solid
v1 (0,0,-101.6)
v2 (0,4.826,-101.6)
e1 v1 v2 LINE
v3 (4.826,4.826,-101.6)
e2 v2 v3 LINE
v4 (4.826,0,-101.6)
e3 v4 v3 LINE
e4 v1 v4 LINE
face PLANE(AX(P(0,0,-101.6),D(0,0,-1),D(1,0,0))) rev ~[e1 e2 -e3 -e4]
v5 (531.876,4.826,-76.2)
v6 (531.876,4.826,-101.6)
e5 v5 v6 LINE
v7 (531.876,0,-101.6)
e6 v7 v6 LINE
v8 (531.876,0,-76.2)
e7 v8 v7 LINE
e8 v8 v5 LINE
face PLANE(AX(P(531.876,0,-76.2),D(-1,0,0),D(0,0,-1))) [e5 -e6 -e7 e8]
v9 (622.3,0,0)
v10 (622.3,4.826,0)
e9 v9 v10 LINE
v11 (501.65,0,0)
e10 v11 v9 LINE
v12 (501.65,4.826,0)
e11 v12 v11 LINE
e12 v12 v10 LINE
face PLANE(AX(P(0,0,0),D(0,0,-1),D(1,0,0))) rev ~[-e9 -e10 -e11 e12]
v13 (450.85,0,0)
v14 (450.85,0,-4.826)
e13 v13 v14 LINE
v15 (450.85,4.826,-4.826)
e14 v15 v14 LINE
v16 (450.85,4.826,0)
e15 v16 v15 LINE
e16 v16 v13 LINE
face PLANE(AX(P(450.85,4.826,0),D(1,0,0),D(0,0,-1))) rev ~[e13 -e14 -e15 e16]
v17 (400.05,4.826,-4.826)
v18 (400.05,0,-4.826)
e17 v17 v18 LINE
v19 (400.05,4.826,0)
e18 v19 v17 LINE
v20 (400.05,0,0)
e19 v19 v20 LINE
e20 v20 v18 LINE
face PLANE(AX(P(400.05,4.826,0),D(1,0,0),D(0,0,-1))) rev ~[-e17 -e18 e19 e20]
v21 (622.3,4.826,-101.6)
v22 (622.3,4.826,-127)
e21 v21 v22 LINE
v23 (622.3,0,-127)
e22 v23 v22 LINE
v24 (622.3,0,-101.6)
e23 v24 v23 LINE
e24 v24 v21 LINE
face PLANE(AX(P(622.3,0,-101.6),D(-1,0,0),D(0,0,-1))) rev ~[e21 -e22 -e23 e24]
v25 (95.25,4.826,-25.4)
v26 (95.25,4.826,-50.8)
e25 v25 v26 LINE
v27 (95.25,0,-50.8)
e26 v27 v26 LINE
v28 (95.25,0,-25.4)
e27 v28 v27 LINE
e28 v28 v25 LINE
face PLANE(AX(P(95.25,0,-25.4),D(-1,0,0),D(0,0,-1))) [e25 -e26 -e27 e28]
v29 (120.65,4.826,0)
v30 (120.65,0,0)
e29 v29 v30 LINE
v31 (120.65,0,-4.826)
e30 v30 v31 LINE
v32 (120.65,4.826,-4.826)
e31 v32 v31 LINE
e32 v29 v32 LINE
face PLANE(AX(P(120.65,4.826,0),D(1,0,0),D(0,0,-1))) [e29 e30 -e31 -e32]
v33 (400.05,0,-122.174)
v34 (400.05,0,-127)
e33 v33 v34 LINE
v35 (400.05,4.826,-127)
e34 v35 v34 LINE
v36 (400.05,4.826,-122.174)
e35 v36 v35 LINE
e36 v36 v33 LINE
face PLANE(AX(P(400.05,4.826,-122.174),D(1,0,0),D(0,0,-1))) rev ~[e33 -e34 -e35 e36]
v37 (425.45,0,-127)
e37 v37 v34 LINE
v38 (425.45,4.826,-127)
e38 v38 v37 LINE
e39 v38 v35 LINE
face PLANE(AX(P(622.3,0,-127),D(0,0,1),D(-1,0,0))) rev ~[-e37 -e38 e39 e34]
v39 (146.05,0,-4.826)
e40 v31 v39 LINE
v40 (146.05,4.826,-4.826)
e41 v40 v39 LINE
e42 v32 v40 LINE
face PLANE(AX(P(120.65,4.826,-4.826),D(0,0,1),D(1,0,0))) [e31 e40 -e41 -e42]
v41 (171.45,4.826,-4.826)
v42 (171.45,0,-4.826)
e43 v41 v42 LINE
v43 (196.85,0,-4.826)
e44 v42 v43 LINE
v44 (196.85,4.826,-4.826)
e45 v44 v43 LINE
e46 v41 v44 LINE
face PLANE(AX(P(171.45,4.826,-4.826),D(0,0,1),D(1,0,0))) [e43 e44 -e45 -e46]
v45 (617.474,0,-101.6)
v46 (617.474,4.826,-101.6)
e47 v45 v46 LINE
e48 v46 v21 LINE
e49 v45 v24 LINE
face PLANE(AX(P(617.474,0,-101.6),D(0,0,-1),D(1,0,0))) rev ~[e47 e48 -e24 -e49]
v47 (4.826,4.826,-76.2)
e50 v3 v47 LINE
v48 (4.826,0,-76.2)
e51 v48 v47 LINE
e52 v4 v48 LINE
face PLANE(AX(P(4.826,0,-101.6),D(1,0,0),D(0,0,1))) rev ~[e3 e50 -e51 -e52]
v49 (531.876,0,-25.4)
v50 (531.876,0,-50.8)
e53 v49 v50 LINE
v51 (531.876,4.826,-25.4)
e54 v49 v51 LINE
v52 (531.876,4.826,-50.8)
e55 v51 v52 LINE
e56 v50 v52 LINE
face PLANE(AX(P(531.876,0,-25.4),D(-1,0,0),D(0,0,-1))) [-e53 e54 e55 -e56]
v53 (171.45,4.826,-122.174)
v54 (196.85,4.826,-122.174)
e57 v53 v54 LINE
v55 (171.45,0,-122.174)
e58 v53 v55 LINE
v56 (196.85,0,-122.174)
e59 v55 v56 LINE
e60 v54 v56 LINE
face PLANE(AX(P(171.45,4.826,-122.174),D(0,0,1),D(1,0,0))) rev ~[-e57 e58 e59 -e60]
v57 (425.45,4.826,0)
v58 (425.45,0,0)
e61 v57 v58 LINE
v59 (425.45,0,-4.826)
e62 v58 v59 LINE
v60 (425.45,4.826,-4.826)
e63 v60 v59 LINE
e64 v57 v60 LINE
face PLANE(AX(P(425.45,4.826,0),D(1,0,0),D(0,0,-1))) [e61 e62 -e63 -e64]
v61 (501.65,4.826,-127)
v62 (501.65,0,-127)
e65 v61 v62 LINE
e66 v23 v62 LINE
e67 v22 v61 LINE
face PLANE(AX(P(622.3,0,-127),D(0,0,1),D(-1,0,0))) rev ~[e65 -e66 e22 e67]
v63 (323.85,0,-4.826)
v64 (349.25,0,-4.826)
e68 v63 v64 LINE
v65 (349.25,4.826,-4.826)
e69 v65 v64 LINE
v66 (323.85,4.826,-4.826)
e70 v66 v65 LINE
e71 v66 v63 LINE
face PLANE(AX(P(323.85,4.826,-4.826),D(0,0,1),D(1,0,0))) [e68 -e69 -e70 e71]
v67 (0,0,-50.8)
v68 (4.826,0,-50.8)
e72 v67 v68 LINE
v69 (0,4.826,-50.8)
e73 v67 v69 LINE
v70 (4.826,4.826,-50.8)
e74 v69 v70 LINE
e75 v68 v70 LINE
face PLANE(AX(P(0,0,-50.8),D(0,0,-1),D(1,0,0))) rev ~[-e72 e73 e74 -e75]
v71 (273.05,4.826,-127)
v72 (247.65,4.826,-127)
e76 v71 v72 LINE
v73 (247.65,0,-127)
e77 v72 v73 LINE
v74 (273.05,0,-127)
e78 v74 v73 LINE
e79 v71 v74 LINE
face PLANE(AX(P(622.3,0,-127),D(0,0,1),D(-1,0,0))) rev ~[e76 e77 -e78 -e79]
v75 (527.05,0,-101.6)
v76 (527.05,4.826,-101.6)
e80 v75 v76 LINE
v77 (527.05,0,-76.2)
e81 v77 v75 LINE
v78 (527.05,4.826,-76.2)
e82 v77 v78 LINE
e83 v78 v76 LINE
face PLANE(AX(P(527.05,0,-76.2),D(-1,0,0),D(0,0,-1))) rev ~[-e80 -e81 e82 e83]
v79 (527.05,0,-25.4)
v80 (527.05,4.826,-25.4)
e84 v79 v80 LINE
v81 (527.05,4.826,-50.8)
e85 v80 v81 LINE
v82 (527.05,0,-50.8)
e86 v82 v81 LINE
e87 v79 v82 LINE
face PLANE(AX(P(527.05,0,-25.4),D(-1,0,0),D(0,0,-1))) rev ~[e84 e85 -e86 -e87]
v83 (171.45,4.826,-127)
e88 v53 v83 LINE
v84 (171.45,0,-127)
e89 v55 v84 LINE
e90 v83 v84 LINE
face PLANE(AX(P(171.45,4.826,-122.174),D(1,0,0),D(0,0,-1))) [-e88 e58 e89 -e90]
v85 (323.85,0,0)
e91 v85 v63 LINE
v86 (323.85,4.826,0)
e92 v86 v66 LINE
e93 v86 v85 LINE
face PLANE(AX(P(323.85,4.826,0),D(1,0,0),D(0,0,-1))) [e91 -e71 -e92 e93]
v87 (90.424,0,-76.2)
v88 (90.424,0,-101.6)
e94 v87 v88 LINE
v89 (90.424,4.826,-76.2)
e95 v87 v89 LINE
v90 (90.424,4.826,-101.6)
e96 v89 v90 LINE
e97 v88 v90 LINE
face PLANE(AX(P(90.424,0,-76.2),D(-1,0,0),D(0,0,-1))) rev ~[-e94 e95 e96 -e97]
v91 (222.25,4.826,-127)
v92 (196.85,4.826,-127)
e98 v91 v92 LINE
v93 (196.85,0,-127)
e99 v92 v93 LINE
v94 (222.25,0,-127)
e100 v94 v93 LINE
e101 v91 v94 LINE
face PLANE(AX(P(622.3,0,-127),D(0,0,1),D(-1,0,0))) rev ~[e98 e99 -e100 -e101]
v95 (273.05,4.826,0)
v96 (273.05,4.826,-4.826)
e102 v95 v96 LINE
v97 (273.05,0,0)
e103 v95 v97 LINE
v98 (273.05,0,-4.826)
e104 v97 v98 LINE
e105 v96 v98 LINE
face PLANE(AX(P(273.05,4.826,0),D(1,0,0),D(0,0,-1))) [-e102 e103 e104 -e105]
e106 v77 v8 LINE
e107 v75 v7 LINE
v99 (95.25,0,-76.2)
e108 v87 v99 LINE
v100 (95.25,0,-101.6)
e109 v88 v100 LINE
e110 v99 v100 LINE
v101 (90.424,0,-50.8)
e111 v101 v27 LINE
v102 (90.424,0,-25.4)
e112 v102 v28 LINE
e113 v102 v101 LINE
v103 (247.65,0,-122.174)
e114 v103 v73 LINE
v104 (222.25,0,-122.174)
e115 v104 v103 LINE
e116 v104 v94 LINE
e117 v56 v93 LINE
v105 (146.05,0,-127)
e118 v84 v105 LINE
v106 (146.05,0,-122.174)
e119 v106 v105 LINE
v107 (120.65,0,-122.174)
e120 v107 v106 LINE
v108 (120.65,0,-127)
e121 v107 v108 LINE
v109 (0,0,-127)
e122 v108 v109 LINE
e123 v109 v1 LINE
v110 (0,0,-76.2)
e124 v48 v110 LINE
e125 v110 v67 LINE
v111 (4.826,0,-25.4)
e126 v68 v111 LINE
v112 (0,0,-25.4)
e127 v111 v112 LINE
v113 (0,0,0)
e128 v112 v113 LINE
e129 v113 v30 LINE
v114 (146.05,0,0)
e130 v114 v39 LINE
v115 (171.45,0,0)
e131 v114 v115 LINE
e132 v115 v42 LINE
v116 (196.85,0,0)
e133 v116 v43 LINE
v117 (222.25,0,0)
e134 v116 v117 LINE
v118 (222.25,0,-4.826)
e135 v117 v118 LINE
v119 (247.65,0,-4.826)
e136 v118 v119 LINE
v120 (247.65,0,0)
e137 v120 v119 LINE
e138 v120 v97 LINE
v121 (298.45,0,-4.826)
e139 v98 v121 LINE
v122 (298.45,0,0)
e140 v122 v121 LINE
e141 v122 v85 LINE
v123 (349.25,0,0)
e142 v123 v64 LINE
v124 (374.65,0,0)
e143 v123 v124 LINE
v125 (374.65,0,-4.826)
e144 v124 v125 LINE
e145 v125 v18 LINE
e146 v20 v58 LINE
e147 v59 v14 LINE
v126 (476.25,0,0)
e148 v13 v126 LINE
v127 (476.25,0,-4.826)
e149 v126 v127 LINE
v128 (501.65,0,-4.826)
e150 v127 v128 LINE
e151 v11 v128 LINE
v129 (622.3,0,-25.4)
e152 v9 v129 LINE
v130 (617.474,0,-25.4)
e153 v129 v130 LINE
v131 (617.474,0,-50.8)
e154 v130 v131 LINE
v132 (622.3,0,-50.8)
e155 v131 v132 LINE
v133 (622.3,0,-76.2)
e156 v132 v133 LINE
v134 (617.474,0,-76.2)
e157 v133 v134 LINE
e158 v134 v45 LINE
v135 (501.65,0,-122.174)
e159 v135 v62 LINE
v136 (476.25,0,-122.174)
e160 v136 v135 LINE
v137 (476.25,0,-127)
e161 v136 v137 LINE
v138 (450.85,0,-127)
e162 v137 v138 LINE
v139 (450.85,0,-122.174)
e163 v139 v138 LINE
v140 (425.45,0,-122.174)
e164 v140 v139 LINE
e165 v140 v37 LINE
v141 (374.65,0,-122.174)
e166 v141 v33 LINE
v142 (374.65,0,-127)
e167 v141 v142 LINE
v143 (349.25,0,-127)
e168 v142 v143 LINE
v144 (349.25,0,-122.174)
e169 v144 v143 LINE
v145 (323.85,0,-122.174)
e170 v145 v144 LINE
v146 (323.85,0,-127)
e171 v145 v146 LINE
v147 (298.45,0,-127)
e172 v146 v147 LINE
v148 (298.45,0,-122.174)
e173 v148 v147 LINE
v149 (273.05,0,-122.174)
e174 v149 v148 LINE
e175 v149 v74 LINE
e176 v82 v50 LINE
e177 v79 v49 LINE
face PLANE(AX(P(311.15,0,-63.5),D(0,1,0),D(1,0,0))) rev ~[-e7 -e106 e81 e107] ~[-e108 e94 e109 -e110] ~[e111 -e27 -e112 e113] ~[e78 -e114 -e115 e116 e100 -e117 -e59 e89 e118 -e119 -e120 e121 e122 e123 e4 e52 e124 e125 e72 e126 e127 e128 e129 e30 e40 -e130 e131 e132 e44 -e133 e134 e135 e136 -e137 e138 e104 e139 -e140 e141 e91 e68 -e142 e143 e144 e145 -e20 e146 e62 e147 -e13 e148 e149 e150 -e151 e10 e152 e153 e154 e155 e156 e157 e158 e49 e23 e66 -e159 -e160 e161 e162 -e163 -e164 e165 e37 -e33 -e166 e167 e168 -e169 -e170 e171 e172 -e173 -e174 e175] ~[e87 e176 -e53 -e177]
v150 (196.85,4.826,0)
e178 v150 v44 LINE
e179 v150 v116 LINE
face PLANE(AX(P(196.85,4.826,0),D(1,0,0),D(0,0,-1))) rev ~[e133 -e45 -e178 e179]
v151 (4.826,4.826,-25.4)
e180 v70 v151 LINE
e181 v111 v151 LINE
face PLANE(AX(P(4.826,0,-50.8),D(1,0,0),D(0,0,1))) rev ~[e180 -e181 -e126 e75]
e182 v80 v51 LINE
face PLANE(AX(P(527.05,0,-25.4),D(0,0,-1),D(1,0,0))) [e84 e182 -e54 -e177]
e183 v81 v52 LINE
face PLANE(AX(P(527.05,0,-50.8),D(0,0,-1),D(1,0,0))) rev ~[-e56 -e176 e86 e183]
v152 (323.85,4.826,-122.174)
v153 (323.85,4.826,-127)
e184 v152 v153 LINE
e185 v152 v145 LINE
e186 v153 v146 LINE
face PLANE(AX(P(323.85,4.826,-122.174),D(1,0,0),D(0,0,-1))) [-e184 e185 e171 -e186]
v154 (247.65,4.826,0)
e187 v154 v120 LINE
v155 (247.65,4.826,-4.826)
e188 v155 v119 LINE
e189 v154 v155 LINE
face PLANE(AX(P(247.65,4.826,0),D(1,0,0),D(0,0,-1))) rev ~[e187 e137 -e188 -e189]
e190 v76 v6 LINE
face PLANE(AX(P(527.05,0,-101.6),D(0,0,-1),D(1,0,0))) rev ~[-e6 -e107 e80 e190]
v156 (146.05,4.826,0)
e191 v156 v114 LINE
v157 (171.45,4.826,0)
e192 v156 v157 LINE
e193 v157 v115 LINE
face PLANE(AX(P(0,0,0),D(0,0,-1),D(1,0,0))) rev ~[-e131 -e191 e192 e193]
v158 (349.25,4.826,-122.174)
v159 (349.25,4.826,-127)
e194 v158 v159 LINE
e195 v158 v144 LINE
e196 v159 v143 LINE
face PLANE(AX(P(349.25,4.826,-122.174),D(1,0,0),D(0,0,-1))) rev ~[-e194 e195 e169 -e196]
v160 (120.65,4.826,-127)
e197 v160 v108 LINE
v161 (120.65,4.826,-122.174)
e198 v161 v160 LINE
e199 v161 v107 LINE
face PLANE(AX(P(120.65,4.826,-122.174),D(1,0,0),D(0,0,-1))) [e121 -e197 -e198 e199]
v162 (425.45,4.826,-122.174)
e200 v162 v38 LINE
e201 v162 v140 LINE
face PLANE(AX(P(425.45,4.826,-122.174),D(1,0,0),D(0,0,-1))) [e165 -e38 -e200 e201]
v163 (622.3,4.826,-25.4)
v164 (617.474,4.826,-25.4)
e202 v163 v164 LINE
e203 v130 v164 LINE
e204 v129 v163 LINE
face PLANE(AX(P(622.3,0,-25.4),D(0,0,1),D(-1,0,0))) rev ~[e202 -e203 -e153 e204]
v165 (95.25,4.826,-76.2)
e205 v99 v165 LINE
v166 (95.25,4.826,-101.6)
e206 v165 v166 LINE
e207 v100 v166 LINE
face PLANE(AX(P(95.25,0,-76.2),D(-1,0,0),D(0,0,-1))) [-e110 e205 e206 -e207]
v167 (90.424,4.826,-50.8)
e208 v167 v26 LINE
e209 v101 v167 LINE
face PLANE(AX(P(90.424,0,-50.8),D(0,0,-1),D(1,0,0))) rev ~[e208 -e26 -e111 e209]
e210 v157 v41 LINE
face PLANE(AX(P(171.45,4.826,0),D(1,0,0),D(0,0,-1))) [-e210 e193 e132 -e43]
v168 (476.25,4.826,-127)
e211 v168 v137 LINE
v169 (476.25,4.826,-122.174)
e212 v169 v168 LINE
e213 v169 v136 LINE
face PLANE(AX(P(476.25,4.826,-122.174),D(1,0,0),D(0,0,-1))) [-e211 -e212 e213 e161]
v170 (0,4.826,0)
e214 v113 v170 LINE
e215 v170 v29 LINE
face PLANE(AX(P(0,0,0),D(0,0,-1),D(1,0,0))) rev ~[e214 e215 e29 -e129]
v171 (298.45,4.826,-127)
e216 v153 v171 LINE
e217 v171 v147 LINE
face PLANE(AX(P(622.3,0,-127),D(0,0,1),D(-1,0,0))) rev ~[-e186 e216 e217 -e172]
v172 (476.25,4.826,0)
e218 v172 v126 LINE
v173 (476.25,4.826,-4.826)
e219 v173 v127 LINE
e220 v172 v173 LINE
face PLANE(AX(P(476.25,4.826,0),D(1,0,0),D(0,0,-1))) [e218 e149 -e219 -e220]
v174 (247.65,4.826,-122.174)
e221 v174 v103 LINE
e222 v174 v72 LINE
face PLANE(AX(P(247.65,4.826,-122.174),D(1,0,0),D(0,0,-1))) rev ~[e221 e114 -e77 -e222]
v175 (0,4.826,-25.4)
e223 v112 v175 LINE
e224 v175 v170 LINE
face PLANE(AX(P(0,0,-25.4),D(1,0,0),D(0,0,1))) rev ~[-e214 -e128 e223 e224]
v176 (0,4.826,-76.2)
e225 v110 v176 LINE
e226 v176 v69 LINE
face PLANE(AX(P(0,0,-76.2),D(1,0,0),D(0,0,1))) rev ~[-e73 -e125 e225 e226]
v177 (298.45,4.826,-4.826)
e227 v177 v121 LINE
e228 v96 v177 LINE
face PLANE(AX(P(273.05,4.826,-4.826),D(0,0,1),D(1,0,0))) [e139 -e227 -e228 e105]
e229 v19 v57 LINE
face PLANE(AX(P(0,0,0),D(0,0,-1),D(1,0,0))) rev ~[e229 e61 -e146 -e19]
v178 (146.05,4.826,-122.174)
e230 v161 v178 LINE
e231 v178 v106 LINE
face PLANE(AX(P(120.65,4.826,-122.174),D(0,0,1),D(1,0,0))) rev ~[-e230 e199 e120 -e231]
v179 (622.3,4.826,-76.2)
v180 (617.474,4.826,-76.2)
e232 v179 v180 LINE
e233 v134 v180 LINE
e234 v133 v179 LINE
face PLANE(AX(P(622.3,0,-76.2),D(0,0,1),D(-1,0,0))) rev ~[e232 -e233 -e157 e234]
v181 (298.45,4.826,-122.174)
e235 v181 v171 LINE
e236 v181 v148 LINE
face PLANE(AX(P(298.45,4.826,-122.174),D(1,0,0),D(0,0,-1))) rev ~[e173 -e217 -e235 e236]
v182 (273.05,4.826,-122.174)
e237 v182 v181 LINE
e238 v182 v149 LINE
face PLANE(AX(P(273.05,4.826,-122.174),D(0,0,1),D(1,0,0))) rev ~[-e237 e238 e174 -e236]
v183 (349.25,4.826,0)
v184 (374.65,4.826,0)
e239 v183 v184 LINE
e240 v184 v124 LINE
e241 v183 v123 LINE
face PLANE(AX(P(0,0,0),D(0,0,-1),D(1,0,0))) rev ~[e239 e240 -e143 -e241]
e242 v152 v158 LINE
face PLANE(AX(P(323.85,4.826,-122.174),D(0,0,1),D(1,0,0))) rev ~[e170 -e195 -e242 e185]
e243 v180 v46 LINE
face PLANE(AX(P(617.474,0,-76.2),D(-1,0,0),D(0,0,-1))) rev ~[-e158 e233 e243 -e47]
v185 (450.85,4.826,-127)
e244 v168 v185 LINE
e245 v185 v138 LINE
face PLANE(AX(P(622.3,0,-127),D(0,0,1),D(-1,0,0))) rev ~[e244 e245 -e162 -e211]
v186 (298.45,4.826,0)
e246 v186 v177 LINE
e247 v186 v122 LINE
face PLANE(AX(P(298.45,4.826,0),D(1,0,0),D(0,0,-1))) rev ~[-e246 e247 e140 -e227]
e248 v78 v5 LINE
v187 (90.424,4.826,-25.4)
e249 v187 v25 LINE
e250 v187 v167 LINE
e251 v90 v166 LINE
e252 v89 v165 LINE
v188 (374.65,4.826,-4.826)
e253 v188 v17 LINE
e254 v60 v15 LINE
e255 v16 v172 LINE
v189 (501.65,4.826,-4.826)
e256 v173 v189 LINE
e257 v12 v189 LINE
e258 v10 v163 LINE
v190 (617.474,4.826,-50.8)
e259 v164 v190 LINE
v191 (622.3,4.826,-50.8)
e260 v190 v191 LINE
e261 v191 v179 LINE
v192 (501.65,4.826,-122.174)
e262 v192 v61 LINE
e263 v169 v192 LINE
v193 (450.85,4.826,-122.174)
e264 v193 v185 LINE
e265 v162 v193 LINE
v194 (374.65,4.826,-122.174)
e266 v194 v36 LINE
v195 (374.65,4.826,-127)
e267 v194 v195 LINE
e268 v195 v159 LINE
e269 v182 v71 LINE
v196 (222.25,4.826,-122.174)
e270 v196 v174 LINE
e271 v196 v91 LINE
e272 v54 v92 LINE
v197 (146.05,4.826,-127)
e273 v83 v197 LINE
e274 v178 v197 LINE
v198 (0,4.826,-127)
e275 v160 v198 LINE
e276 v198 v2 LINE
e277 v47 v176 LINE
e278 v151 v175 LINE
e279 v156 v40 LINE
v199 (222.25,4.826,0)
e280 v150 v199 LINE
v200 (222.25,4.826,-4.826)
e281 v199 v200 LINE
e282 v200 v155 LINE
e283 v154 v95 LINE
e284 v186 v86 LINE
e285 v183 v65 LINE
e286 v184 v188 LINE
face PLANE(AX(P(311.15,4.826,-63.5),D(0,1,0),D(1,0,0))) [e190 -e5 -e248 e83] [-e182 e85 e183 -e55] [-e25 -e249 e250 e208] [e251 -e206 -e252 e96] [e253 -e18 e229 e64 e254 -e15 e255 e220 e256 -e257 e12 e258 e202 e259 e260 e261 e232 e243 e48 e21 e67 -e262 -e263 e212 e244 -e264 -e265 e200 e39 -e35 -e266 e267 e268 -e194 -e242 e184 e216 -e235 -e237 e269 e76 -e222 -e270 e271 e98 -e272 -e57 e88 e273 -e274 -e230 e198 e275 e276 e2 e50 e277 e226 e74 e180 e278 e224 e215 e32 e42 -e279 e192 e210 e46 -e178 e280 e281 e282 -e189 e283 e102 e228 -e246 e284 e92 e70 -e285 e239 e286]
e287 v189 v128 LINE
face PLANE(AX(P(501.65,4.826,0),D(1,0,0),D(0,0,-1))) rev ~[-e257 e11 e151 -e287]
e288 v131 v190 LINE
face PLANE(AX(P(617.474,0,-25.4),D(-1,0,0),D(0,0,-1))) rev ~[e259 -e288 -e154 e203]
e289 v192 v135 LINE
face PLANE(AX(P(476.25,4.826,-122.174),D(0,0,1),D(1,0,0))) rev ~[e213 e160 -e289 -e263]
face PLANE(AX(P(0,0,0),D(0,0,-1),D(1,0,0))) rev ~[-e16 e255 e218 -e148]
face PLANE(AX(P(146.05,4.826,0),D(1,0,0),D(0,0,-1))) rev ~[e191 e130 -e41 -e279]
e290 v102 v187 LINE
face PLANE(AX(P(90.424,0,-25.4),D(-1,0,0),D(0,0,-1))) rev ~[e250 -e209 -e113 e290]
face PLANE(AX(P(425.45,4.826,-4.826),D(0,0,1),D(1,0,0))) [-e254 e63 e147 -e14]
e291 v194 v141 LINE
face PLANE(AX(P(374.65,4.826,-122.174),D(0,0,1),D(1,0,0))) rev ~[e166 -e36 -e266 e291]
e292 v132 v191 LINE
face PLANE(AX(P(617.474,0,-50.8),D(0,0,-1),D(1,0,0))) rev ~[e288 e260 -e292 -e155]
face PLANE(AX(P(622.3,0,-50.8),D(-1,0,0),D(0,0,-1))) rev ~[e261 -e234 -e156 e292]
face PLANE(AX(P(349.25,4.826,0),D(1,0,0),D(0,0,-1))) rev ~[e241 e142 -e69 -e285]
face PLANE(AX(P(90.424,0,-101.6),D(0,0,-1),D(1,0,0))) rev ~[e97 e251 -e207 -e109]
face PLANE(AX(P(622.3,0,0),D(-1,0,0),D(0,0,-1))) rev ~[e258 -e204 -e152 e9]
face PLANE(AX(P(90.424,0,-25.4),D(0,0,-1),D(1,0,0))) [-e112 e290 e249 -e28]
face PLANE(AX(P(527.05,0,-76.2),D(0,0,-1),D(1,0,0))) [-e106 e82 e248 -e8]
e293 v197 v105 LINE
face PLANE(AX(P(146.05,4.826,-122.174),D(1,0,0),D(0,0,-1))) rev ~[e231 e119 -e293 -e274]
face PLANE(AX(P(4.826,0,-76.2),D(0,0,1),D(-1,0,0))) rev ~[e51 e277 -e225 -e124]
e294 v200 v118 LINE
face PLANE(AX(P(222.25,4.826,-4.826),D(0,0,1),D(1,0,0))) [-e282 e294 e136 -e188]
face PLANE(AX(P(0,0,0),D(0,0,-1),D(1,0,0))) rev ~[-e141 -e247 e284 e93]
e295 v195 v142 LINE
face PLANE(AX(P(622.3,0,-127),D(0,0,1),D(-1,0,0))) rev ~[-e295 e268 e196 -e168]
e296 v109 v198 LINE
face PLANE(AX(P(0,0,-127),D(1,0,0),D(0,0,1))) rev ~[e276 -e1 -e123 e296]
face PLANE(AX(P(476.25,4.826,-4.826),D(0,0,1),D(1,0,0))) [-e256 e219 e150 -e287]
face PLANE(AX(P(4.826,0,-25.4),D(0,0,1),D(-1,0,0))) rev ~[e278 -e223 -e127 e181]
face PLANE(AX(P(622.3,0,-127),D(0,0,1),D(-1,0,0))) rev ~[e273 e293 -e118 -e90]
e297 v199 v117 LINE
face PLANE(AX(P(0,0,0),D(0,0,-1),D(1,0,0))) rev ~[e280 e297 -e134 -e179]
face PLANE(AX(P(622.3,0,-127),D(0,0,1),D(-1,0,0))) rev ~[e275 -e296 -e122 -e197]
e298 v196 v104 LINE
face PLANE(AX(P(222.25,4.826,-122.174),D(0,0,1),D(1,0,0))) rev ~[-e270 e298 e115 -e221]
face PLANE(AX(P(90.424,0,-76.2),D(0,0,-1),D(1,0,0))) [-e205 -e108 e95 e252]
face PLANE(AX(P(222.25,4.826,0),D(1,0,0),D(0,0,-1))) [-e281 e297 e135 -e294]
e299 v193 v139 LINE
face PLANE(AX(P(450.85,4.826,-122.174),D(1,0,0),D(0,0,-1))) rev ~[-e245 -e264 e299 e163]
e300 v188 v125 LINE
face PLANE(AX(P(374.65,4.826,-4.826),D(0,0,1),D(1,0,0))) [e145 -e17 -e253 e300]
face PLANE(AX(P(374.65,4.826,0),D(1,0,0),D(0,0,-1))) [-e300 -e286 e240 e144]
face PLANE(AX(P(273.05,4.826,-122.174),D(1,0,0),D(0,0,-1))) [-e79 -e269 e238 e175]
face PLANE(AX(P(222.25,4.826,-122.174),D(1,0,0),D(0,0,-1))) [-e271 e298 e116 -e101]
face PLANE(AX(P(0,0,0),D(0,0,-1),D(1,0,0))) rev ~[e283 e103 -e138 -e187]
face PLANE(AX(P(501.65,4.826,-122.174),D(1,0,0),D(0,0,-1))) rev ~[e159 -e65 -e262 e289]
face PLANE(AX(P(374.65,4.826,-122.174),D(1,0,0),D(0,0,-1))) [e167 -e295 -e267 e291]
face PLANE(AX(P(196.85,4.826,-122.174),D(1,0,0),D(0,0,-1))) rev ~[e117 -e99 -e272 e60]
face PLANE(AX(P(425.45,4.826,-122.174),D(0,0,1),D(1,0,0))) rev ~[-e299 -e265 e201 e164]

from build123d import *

# Parameters (mm, degrees)
SKETCH1_W           = 4.826
SKETCH1_H           = 25.4
BOSS_EXTRUDE1_DEPTH = 4.826
SKETCH2_W           = 25.4
SKETCH2_H           = 4.826
CUT_EXTRUDE1_DEPTH  = 5.826


with BuildPart() as part:
    # Sketch1 → Boss-Extrude1 (new body)
    with BuildSketch(Plane(origin=(0, 0, 0), x_dir=(1, 0, 0), z_dir=(0, 1, 0))):
        Polygon((0, 25.4), (0, 0), (622.3, 0), (622.3, 25.4), (617.474, 25.4), (617.474, 50.8), (622.3, 50.8), (622.3, 76.2), (617.474, 76.2), (617.474, 101.6), (622.3, 101.6), (622.3, 127), (0, 127), (0, 101.6), (4.826, 101.6), (4.826, 76.2), (0, 76.2), (0, 50.8), (4.826, 50.8), (4.826, 25.4), align=None)
        with Locations((92.837, 38.1)):
            Rectangle(SKETCH1_W, SKETCH1_H, mode=Mode.SUBTRACT)
        with Locations((529.463, 38.1)):
            Rectangle(SKETCH1_W, SKETCH1_H, mode=Mode.SUBTRACT)
        with Locations((92.837, 88.9)):
            Rectangle(SKETCH1_W, SKETCH1_H, mode=Mode.SUBTRACT)
        with Locations((529.463, 88.9)):
            Rectangle(SKETCH1_W, SKETCH1_H, mode=Mode.SUBTRACT)
    extrude(amount=BOSS_EXTRUDE1_DEPTH)

    # Sketch2 → Cut-Extrude1 (cut, through all)
    with BuildSketch(Plane(origin=(0, 4.826, 0), x_dir=(1, 0, 0), z_dir=(0, 1, 0))):
        with Locations((133.35, 124.587)):
            Rectangle(SKETCH2_W, SKETCH2_H)
        with Locations((184.15, 124.587)):
            Rectangle(SKETCH2_W, SKETCH2_H)
        with Locations((234.95, 124.587)):
            Rectangle(SKETCH2_W, SKETCH2_H)
        with Locations((285.75, 124.587)):
            Rectangle(SKETCH2_W, SKETCH2_H)
        with Locations((336.55, 124.587)):
            Rectangle(SKETCH2_W, SKETCH2_H)
        with Locations((387.35, 124.587)):
            Rectangle(SKETCH2_W, SKETCH2_H)
        with Locations((438.15, 124.587)):
            Rectangle(SKETCH2_W, SKETCH2_H)
        with Locations((488.95, 124.587)):
            Rectangle(SKETCH2_W, SKETCH2_H)
        with Locations((488.95, 2.413)):
            Rectangle(SKETCH2_W, SKETCH2_H)
        with Locations((438.15, 2.413)):
            Rectangle(SKETCH2_W, SKETCH2_H)
        with Locations((387.35, 2.413)):
            Rectangle(SKETCH2_W, SKETCH2_H)
        with Locations((336.55, 2.413)):
            Rectangle(SKETCH2_W, SKETCH2_H)
        with Locations((133.35, 2.413)):
            Rectangle(SKETCH2_W, SKETCH2_H)
        with Locations((184.15, 2.413)):
            Rectangle(SKETCH2_W, SKETCH2_H)
        with Locations((234.95, 2.413)):
            Rectangle(SKETCH2_W, SKETCH2_H)
        with Locations((285.75, 2.413)):
            Rectangle(SKETCH2_W, SKETCH2_H)
    extrude(amount=-CUT_EXTRUDE1_DEPTH, mode=Mode.SUBTRACT)


solid = part.part
